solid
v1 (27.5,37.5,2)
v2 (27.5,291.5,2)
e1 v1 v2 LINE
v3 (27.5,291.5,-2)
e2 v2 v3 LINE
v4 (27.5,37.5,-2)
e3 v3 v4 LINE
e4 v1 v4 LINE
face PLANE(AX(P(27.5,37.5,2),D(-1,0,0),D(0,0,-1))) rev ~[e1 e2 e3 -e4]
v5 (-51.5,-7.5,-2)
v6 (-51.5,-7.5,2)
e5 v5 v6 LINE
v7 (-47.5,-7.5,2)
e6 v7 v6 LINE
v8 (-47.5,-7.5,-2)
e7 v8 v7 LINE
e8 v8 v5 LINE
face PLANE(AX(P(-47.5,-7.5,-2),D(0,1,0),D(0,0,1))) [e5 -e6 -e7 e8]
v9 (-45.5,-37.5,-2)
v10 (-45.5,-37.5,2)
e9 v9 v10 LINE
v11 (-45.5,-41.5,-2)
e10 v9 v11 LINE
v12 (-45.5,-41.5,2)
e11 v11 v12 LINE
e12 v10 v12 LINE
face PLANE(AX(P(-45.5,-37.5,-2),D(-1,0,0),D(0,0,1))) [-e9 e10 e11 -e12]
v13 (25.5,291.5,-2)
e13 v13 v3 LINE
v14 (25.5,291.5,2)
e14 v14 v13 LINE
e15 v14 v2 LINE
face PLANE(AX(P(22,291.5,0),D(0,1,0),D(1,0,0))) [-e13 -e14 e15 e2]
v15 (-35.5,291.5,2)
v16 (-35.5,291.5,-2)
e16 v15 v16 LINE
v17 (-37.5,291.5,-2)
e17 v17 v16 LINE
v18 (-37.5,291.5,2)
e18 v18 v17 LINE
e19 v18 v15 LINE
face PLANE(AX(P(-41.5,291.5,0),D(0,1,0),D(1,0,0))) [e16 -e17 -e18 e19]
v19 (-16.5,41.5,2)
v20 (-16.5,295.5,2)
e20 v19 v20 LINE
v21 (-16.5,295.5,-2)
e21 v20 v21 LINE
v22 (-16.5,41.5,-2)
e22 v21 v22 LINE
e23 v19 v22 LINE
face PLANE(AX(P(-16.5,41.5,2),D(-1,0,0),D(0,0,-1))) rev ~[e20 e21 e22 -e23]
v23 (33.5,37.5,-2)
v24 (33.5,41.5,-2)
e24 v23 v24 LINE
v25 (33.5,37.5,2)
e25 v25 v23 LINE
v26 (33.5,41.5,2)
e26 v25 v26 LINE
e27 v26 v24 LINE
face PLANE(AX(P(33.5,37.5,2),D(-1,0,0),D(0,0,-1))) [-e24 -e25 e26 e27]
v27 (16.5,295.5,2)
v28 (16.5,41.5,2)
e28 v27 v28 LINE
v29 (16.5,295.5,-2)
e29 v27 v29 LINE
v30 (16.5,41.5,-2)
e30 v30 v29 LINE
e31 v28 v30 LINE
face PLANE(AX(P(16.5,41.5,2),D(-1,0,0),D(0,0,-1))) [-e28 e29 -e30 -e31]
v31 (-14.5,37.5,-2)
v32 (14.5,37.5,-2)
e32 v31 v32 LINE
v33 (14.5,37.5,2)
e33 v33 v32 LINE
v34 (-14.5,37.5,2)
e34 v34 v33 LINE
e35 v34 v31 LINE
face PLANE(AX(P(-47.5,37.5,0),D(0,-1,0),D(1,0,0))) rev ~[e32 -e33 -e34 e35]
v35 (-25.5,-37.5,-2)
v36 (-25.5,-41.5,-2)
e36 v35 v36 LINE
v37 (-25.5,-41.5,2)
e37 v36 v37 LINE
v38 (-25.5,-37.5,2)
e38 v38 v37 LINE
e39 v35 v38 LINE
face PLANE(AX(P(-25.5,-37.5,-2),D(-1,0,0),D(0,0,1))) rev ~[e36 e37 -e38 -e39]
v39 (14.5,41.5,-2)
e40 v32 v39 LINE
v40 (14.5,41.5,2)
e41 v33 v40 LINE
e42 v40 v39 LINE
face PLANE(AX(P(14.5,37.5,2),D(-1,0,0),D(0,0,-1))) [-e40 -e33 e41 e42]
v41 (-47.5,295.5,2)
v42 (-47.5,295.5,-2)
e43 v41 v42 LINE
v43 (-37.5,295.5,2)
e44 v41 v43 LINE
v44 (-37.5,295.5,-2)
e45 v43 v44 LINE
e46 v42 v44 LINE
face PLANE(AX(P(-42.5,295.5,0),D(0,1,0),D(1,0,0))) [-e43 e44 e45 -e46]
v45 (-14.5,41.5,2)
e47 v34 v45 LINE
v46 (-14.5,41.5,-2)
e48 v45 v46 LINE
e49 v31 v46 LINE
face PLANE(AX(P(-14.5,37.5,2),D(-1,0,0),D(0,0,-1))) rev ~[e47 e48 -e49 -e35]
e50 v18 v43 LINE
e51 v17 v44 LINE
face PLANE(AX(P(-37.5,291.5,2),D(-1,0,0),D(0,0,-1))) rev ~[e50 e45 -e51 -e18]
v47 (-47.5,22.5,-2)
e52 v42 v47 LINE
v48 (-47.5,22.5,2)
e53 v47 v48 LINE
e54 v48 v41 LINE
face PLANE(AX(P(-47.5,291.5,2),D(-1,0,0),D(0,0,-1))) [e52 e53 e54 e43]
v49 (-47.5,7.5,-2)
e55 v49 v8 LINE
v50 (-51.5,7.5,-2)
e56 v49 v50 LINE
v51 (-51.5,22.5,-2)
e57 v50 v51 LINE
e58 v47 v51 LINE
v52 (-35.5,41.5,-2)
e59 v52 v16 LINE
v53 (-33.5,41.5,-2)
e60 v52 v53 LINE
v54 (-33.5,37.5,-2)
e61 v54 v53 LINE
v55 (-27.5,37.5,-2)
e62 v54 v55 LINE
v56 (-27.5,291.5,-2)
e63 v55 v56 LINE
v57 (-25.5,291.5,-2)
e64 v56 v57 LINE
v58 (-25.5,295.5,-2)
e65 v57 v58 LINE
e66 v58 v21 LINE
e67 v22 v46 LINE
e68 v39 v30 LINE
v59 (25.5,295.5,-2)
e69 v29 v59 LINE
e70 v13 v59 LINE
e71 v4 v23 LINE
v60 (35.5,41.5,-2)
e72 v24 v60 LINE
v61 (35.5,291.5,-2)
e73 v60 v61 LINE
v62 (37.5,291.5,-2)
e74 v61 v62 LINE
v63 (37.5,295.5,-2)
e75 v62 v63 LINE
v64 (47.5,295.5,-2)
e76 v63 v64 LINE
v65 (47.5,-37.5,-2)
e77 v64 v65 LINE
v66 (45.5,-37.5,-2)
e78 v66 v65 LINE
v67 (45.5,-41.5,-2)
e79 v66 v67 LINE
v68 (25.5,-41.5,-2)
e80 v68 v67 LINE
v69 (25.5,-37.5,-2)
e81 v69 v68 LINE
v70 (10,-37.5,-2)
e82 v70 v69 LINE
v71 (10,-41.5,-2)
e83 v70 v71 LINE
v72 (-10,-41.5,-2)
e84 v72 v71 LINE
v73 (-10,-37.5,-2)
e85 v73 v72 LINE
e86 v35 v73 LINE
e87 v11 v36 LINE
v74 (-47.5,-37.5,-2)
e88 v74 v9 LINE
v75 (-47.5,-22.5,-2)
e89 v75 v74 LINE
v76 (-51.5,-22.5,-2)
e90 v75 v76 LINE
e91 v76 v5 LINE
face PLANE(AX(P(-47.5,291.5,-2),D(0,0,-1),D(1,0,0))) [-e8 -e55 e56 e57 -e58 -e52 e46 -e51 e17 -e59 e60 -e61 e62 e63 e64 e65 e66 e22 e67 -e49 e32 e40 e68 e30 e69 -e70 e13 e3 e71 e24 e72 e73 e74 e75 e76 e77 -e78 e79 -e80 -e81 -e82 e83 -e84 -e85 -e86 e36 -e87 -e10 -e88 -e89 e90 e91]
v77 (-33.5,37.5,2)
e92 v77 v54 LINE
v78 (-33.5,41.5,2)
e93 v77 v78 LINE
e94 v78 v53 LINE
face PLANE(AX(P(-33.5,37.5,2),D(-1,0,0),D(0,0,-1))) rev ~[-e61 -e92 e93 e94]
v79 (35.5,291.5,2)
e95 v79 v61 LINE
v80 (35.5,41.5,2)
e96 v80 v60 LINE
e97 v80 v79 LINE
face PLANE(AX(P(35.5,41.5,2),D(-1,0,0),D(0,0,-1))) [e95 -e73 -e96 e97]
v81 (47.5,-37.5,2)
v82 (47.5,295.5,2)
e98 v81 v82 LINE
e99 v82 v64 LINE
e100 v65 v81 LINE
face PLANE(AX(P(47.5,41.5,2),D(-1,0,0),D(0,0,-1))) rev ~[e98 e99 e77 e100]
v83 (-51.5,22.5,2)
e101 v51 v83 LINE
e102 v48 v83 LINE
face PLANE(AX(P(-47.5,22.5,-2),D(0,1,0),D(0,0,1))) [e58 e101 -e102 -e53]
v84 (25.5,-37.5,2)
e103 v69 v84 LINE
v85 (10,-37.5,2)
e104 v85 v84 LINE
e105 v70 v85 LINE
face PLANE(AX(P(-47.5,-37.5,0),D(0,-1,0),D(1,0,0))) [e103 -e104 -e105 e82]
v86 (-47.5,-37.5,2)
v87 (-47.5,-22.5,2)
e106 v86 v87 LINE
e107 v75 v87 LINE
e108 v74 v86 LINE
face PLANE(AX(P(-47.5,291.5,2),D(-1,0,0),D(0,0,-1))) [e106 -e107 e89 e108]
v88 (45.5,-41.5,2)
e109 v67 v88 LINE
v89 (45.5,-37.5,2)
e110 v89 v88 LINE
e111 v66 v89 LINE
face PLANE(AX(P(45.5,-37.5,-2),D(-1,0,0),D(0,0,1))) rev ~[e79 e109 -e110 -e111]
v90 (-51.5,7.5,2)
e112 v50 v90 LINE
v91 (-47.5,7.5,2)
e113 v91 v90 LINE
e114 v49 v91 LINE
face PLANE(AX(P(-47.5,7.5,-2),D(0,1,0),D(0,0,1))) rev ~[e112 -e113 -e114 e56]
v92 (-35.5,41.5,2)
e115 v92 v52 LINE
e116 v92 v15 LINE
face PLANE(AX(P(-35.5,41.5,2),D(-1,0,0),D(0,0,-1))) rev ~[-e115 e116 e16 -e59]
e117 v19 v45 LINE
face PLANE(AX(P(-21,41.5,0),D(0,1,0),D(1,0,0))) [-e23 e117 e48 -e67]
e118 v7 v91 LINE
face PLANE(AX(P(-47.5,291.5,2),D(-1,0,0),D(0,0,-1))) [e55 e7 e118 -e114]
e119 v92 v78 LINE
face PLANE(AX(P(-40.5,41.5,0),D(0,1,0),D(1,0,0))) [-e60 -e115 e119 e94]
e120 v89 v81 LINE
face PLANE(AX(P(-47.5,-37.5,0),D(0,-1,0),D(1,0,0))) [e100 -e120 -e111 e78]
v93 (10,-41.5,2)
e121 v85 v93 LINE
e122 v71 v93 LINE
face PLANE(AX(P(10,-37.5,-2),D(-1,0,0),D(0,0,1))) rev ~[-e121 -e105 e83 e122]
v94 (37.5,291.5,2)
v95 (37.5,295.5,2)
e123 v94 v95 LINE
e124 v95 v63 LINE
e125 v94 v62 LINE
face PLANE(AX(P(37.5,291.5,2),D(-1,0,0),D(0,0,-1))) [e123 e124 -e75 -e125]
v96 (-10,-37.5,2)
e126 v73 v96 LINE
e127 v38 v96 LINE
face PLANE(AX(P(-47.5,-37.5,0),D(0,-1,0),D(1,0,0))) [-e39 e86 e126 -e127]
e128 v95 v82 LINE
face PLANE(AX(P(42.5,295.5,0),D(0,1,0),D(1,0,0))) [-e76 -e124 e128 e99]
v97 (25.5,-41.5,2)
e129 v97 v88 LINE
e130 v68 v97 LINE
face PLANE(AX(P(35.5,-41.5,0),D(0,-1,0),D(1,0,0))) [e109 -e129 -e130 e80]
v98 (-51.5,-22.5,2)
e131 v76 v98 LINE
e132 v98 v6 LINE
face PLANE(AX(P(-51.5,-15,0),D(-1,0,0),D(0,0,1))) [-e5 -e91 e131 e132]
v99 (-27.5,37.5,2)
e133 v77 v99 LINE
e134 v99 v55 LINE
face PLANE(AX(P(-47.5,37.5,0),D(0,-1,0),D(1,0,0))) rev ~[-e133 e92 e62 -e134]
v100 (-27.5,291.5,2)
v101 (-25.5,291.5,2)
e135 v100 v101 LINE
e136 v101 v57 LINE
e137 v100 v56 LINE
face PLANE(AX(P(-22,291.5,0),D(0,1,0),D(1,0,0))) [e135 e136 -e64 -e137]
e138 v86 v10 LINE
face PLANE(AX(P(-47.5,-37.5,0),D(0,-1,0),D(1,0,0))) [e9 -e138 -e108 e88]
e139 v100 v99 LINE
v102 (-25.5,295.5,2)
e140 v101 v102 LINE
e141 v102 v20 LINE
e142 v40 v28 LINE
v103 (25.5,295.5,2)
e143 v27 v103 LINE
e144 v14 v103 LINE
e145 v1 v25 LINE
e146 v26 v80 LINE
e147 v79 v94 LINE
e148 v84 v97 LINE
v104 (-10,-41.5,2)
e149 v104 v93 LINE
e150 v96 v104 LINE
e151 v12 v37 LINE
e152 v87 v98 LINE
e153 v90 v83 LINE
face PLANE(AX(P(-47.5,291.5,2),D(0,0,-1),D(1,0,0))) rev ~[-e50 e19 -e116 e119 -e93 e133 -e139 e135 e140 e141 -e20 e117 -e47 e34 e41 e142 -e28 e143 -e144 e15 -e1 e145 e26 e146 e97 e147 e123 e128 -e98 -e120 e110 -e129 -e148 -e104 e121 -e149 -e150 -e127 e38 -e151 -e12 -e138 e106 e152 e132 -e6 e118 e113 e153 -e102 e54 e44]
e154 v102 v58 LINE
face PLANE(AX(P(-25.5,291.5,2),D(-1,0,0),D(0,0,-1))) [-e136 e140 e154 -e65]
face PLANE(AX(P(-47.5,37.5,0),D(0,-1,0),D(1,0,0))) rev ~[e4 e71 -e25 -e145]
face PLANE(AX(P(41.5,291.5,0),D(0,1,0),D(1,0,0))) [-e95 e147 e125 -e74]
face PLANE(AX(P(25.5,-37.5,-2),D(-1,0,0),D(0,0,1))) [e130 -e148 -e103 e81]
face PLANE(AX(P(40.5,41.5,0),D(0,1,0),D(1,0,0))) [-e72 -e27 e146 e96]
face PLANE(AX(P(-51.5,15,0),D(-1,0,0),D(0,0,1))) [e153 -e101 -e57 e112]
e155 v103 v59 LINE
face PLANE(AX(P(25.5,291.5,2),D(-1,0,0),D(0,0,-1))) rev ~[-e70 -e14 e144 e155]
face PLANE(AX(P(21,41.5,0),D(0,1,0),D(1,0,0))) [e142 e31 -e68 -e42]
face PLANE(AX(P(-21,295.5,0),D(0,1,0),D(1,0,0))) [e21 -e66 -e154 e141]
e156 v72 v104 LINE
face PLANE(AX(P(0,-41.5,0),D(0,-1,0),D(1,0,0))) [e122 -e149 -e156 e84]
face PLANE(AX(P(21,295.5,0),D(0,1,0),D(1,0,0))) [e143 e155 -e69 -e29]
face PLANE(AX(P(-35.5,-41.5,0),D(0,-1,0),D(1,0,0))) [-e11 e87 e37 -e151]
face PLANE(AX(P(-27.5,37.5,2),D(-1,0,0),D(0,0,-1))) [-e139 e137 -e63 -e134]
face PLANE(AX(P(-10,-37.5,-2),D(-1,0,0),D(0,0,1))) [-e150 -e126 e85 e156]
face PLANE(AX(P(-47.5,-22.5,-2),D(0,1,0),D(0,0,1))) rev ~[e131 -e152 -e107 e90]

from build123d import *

# Parameters (mm, degrees)
SKETCH1_W           = 95
SKETCH1_H           = 75
BOSS_EXTRUDE1_DEPTH = 2
SKETCH2_W           = 14
SKETCH2_H           = 4
SKETCH2_W_2         = 13
BOSS_EXTRUDE2_DEPTH = 4
SKETCH3_W           = 12
SKETCH3_H           = 4
SKETCH3_W_2         = 11
BOSS_EXTRUDE3_DEPTH = 250
SKETCH4_W           = 10
SKETCH4_H           = 4
SKETCH4_W_2         = 9
BOSS_EXTRUDE4_DEPTH = 4
SKETCH5_W           = 4
SKETCH5_H           = 15
BOSS_EXTRUDE5_DEPTH = 4
SKETCH6_W           = 20
SKETCH6_H           = 4
BOSS_EXTRUDE6_DEPTH = 4


with BuildPart() as part:
    # Sketch1 → Boss-Extrude1 (new, symmetric)
    with BuildSketch(Plane.XY):
        Rectangle(SKETCH1_W, SKETCH1_H)
    extrude(amount=BOSS_EXTRUDE1_DEPTH, both=True)

    # Sketch2 → Boss-Extrude2 (add)
    with BuildSketch(Plane(origin=(0, 37.5, 0), x_dir=(1, 0, 0), z_dir=(0, 1, 0))):
        with Locations((40.5, 0)):
            Rectangle(SKETCH2_W, SKETCH2_H)
        with Locations((21, 0)):
            Rectangle(SKETCH2_W_2, SKETCH2_H)
        with Locations((-40.5, 0)):
            Rectangle(SKETCH2_W, SKETCH2_H)
        with Locations((-21, 0)):
            Rectangle(SKETCH2_W_2, SKETCH2_H)
    extrude(amount=BOSS_EXTRUDE2_DEPTH)

    # Sketch3 → Boss-Extrude3 (add)
    with BuildSketch(Plane(origin=(0, 41.5, 0), x_dir=(1, 0, 0), z_dir=(0, 1, 0))):
        with Locations((41.5, 0)):
            Rectangle(SKETCH3_W, SKETCH3_H)
        with Locations((22, 0)):
            Rectangle(SKETCH3_W_2, SKETCH3_H)
        with Locations((-22, 0)):
            Rectangle(SKETCH3_W_2, SKETCH3_H)
        with Locations((-41.5, 0)):
            Rectangle(SKETCH3_W, SKETCH3_H)
    extrude(amount=BOSS_EXTRUDE3_DEPTH)

    # Sketch4 → Boss-Extrude4 (add)
    with BuildSketch(Plane(origin=(0, 291.5, 0), x_dir=(1, 0, 0), z_dir=(0, 1, 0))):
        with Locations((-42.5, 0)):
            Rectangle(SKETCH4_W, SKETCH4_H)
        with Locations((-21, 0)):
            Rectangle(SKETCH4_W_2, SKETCH4_H)
        with Locations((21, 0)):
            Rectangle(SKETCH4_W_2, SKETCH4_H)
        with Locations((42.5, 0)):
            Rectangle(SKETCH4_W, SKETCH4_H)
    extrude(amount=BOSS_EXTRUDE4_DEPTH)

    # Sketch5 → Boss-Extrude5 (add)
    with BuildSketch(Plane.ZY.offset(47.5)):
        with Locations((0, -15)):
            Rectangle(SKETCH5_W, SKETCH5_H)
        with Locations((0, 15)):
            Rectangle(SKETCH5_W, SKETCH5_H)
    extrude(amount=BOSS_EXTRUDE5_DEPTH)

    # Sketch6 → Boss-Extrude6 (add)
    with BuildSketch(Plane.XZ.offset(37.5)):
        with Locations((-35.5, 0)):
            Rectangle(SKETCH6_W, SKETCH6_H)
        with Locations((35.5, 0)):
            Rectangle(SKETCH6_W, SKETCH6_H)
        Rectangle(SKETCH6_W, SKETCH6_H)
    extrude(amount=BOSS_EXTRUDE6_DEPTH)


solid = part.part
